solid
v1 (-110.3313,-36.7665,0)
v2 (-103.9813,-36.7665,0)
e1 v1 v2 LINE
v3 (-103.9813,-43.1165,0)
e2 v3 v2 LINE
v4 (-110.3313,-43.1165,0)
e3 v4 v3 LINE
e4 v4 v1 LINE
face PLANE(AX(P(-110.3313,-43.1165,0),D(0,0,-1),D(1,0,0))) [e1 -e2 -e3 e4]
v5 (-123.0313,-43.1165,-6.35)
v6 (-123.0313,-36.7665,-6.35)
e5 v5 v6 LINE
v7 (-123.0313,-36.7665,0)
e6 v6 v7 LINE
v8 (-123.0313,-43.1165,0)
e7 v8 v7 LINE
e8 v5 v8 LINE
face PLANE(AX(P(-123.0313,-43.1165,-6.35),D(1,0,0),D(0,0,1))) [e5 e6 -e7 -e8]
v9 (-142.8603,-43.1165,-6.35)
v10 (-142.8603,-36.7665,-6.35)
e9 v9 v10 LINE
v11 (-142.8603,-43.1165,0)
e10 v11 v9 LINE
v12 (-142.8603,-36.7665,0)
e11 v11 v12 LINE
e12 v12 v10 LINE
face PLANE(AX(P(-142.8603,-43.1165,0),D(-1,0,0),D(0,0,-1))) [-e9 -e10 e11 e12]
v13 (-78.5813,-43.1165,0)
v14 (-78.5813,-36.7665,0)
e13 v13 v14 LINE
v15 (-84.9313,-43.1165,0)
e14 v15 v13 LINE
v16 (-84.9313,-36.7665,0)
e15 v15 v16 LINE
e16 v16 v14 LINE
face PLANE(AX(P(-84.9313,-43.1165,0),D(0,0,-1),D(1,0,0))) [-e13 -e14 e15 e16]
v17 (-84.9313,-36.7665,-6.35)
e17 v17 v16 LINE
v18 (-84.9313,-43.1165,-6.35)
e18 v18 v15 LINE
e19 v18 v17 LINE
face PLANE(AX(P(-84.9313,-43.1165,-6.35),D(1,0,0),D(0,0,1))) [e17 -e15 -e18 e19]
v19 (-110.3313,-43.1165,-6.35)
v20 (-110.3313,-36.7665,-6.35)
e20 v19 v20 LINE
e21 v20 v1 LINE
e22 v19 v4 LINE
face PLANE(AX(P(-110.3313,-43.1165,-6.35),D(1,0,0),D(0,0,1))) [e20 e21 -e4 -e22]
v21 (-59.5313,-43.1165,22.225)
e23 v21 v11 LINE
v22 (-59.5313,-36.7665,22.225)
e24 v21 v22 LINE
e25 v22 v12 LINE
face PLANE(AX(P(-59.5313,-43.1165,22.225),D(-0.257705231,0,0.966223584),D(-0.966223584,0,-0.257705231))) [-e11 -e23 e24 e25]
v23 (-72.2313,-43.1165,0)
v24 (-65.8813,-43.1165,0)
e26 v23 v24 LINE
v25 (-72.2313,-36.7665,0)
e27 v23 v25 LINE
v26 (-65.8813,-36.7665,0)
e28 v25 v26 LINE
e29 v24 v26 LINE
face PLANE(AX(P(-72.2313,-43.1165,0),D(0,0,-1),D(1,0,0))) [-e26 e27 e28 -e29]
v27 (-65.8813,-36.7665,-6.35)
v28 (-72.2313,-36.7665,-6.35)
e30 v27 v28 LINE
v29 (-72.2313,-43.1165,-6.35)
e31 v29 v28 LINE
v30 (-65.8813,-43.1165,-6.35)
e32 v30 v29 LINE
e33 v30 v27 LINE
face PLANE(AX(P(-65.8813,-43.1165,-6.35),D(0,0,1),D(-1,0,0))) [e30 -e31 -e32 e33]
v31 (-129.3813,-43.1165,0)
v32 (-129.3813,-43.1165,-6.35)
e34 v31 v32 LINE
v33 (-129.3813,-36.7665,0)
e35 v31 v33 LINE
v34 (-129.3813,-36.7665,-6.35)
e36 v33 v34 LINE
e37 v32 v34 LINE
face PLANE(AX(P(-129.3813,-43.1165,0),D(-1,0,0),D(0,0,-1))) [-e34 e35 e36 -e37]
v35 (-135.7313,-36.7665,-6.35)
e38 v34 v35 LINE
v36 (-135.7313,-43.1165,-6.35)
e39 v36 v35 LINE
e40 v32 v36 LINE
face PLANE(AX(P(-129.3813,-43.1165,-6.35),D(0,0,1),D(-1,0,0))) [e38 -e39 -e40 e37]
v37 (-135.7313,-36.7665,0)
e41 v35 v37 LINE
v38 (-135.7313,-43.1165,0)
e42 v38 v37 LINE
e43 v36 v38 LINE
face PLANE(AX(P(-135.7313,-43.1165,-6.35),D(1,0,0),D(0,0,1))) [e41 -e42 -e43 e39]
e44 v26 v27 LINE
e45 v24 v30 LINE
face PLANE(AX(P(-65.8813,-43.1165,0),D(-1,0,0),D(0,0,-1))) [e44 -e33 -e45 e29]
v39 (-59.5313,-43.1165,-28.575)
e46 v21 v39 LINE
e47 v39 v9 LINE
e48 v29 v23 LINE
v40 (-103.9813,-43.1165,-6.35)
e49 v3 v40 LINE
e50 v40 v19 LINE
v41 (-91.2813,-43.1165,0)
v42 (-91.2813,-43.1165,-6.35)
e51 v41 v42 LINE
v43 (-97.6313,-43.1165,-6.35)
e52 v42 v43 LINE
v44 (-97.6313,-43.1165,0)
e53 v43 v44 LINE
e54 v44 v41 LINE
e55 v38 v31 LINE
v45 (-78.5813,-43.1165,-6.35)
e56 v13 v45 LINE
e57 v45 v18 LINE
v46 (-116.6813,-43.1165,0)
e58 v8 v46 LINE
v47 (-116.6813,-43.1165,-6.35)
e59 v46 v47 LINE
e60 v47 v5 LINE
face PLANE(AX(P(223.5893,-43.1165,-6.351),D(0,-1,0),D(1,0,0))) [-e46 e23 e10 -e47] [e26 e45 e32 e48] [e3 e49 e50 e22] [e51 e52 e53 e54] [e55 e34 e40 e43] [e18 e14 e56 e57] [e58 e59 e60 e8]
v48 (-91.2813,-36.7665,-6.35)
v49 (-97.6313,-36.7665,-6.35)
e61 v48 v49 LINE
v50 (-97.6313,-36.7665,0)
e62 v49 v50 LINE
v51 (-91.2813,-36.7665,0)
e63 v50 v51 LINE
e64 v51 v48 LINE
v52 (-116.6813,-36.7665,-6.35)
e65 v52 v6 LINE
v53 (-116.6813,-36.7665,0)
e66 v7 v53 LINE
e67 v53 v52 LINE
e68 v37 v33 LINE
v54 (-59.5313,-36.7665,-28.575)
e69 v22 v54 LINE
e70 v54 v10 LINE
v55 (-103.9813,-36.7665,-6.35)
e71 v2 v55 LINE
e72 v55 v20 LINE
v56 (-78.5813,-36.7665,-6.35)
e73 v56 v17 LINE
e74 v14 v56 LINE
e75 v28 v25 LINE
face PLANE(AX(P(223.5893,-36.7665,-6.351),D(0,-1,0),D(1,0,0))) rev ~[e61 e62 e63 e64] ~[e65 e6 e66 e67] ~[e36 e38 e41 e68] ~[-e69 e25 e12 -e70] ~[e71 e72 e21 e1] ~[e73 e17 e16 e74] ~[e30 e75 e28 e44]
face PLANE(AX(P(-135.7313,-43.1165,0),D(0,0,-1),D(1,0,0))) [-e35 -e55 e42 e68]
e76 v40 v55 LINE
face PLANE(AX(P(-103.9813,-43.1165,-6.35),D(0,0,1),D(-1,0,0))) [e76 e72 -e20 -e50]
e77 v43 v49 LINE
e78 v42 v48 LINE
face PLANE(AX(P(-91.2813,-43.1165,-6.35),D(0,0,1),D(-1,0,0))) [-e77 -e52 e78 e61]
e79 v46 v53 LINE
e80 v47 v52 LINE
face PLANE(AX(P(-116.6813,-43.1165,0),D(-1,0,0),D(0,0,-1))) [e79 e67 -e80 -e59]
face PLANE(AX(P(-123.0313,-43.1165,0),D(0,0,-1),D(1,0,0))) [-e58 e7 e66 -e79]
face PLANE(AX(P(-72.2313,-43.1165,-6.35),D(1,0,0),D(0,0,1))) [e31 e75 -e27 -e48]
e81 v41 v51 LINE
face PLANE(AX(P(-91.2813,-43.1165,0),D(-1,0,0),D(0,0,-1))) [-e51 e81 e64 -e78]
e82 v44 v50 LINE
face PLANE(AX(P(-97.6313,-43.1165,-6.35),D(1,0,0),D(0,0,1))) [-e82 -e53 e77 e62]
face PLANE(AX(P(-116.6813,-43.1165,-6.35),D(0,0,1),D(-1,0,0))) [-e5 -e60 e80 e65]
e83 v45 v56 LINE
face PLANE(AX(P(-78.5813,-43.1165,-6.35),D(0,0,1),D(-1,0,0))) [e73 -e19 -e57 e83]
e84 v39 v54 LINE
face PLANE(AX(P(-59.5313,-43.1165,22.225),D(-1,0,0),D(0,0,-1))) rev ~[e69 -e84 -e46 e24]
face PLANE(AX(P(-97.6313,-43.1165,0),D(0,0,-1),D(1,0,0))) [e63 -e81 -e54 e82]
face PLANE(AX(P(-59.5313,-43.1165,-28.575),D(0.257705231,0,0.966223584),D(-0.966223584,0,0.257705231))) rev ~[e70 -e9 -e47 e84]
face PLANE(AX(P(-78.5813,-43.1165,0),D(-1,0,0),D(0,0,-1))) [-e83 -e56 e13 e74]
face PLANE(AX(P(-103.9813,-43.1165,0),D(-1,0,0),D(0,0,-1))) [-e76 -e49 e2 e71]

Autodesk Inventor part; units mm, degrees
ref_plane "YZ Plane" through (0, 0, 0) normal (1, 0, 0) x (0, 1, 0)
ref_plane "XZ Plane" through (0, 0, 0) normal (0, 1, 0) x (-1, 0, 0)
ref_plane "XY Plane" through (0, 0, 0) normal (0, 0, 1) x (1, 0, 0)
ref_plane "Work Plane1" through (-521.128, -68.463, 0) normal (0, 0, 1) x (-0.9986, 0.0523, 0)
ref_plane "Work Plane2" through (223.5893, -43.1165, -6.351) normal (0, -1, 0) x (1, 0, 0)
sketch "Sketch1" plane through (223.5893, -43.1165, -6.351) normal (0, -1, 0) x (1, 0, 0)
  line L0 (-282.6219, 6.351) -> (-282.6219, 0.001) projected
  line L1 (-173.8519, 0.001) -> (-282.6219, 0.001) projected
  line L2 (-282.6219, 6.351) -> (-173.8519, 6.351) projected
  line L3 (-283.1206, 28.576) -> (-366.4496, 6.351)
  line L4 (-283.1206, 3.176) -> (-376.14, 3.176) construction
  line L5 (-283.1206, -22.224) -> (-366.4496, 0.001)
  line L6 (-366.4496, 6.351) -> (-366.4496, 0.001)
  line L7 (-283.1206, 28.576) -> (-283.1206, -22.224)
  line L8 (-289.4706, 0.001) -> (-295.8206, 0.001)
  line L9 (-295.8206, 0.001) -> (-295.8206, 6.351)
  line L10 (-295.8206, 6.351) -> (-289.4706, 6.351)
  line L11 (-289.4706, 6.351) -> (-289.4706, 0.001)
  line L12 (-302.1706, 0.001) -> (-308.5206, 0.001)
  line L13 (-308.5206, 0.001) -> (-308.5206, 6.351)
  line L14 (-308.5206, 6.351) -> (-302.1706, 6.351)
  line L15 (-302.1706, 6.351) -> (-302.1706, 0.001)
  line L16 (-314.8706, 0.001) -> (-321.2206, 0.001)
  line L17 (-321.2206, 0.001) -> (-321.2206, 6.351)
  line L18 (-321.2206, 6.351) -> (-314.8706, 6.351)
  line L19 (-314.8706, 6.351) -> (-314.8706, 0.001)
  line L20 (-327.5706, 0.001) -> (-333.9206, 0.001)
  line L21 (-333.9206, 0.001) -> (-333.9206, 6.351)
  line L22 (-333.9206, 6.351) -> (-327.5706, 6.351)
  line L23 (-327.5706, 6.351) -> (-327.5706, 0.001)
  line L24 (-340.2706, 0.001) -> (-346.6206, 0.001)
  line L25 (-346.6206, 0.001) -> (-346.6206, 6.351)
  line L26 (-346.6206, 6.351) -> (-340.2706, 6.351)
  line L27 (-340.2706, 6.351) -> (-340.2706, 0.001)
  line L28 (-352.9706, 0.001) -> (-359.3206, 0.001)
  line L29 (-359.3206, 0.001) -> (-359.3206, 6.351)
  line L30 (-359.3206, 6.351) -> (-352.9706, 6.351)
  line L31 (-352.9706, 6.351) -> (-352.9706, 0.001)
  line L32 (-282.6219, 6.351) -> (-282.6219, 0.001) projected
  line L33 (-173.8519, 6.351) -> (-173.8519, 0.001) projected
  point P0 (-223.5893, 6.351)
  dimension "d17" = 12.7
extrude "Extrusion2" add sketch "Sketch1" against normal blind 6.35 contours L7 L5 L6 L3
properties part number "brace01"
